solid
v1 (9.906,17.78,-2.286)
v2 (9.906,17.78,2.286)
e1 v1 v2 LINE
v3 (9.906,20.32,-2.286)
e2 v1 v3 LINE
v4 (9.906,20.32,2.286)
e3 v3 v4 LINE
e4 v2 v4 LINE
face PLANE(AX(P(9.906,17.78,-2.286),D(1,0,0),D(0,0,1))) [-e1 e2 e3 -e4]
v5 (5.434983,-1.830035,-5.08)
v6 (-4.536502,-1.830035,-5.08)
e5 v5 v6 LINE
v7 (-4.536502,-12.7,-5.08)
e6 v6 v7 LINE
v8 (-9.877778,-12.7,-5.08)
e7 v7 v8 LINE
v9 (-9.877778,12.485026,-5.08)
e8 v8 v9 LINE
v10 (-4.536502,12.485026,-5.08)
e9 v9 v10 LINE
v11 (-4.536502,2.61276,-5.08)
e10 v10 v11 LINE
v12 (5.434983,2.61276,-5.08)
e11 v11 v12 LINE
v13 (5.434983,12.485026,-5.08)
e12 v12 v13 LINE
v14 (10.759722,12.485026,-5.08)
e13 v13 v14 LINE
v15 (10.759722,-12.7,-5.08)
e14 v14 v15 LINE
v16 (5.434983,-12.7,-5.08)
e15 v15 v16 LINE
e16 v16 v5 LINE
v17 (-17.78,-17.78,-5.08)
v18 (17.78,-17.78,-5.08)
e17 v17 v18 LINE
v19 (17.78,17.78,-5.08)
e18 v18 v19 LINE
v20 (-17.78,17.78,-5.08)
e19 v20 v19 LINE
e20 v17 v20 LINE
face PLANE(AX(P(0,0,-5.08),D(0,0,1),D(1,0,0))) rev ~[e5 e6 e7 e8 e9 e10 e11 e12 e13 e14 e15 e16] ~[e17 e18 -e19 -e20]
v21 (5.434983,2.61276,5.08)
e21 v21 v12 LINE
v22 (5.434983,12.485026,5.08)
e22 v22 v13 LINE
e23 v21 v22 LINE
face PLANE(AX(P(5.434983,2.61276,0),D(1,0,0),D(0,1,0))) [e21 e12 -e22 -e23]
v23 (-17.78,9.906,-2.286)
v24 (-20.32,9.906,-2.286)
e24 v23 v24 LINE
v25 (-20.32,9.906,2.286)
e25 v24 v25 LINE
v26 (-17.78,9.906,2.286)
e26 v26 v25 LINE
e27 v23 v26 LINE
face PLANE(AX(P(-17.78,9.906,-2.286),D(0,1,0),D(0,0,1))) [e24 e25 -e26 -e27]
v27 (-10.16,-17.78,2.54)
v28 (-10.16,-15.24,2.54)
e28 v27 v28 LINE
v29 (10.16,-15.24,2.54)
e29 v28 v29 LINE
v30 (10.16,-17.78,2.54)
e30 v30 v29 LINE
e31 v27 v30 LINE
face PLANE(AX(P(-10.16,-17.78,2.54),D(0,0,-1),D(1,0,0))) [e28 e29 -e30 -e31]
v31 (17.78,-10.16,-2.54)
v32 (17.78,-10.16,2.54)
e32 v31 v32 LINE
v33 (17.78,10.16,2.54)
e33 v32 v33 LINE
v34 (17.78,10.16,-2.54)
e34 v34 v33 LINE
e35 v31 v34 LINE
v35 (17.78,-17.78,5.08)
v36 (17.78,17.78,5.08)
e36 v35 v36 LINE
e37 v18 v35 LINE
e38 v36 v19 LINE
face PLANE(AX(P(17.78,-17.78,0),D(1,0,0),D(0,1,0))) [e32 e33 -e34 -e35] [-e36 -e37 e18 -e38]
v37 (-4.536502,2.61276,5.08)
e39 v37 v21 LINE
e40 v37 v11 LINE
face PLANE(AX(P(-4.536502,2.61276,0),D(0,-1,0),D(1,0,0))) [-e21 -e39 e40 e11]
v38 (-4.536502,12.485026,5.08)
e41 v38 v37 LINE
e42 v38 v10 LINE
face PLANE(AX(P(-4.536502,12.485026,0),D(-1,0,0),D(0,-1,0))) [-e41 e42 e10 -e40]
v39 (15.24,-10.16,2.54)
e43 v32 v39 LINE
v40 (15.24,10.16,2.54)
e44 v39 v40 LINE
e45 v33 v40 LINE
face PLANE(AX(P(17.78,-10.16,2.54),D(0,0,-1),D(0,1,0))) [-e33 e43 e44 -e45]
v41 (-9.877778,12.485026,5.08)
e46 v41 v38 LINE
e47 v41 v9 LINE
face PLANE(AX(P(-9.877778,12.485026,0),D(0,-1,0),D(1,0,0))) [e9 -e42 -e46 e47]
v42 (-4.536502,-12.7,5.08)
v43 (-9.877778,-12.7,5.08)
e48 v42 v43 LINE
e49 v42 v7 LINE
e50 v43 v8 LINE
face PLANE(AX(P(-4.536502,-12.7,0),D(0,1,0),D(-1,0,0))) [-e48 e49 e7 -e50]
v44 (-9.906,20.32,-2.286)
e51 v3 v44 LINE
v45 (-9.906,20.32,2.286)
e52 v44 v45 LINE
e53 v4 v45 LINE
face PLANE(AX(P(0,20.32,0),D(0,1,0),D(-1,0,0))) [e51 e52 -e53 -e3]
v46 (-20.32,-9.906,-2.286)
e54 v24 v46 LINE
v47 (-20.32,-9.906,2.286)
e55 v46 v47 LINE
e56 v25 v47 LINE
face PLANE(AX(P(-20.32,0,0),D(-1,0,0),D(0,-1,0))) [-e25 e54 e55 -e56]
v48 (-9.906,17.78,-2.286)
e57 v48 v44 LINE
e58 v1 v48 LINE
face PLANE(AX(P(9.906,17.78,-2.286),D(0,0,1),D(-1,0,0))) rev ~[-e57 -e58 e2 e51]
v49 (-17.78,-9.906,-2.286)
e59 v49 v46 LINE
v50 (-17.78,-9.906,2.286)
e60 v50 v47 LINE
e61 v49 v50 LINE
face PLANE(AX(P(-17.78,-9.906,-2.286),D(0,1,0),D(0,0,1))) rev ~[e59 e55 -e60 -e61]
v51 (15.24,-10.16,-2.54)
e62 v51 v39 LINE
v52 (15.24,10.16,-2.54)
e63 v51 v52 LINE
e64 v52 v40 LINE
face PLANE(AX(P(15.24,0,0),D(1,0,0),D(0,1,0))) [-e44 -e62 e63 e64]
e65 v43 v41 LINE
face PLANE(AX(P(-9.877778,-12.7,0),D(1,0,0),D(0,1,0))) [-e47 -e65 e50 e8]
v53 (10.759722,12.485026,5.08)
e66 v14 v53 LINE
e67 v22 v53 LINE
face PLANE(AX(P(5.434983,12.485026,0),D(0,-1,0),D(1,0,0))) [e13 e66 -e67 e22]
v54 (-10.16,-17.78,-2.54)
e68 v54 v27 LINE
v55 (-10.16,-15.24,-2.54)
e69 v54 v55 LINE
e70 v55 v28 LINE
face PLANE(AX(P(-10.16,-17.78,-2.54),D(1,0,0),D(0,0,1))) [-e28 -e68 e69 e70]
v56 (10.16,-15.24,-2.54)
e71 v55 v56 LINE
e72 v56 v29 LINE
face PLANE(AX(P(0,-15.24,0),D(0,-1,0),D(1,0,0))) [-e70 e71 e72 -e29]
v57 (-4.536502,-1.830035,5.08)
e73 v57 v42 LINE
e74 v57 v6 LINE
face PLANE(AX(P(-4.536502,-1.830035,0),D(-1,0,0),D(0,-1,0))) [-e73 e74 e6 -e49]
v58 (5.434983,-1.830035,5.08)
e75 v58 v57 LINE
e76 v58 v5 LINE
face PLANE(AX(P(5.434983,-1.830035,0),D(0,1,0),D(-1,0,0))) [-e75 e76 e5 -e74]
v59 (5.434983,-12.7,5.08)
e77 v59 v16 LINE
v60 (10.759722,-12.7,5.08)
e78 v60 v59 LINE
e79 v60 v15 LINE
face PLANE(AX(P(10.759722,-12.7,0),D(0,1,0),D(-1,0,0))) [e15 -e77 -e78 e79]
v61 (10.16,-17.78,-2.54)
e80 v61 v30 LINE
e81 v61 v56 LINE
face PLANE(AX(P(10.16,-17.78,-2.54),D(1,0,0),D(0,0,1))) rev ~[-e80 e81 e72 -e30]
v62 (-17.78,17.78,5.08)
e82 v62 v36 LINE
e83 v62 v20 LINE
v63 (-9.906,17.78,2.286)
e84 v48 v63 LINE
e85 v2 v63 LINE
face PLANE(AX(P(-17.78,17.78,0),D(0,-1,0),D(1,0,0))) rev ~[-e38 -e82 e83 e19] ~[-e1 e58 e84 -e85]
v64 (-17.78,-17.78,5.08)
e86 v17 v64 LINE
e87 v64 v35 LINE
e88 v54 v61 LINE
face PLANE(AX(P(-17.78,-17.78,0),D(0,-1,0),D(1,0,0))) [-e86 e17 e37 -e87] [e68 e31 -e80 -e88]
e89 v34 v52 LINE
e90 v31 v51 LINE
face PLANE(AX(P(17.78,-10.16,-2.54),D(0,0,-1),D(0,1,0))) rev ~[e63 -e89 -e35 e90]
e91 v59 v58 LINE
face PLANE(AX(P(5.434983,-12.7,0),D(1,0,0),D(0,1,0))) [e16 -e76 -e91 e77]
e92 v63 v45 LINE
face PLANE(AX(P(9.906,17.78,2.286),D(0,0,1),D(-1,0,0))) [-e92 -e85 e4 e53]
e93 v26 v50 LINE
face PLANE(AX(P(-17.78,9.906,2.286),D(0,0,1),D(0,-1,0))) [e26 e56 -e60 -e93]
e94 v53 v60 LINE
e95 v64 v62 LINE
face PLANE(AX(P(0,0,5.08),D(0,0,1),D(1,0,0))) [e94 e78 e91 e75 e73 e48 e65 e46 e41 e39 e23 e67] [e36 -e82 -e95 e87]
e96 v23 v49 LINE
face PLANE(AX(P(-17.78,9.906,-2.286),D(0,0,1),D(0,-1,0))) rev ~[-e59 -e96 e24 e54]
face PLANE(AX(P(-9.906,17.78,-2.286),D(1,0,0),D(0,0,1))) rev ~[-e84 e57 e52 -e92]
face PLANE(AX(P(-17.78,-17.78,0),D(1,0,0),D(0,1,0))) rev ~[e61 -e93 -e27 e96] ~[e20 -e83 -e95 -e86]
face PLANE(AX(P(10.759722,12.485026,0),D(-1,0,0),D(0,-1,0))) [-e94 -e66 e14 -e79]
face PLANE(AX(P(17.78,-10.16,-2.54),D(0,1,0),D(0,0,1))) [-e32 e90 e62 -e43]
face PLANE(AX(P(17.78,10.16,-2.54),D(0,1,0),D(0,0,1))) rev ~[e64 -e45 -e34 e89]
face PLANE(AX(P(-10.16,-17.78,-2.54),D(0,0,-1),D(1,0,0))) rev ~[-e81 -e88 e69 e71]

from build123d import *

# Parameters (mm, degrees)
F0_W     = 35.56
F0_H     = 35.56
F1_DEPTH = 5.08
F2_W     = 19.812
F2_H     = 4.572
F3_DEPTH = 2.54
F4_W     = 19.812
F4_H     = 4.572
F5_DEPTH = 2.54
F6_W     = 20.32
F6_H     = 5.08
F7_DEPTH = 2.54
F8_W     = 20.32
F8_H     = 5.08
F9_DEPTH = 2.54


with BuildPart() as f1:
    # F0 (on Top) → F1 (new body, symmetric)
    with BuildSketch(Plane.XY):
        Rectangle(F0_W, F0_H)
        Polygon((10.7597222222, 12.4850260417), (10.7597222222, -12.7), (5.4349826389, -12.7), (5.4349826389, -1.8300347222), (-4.5365017361, -1.8300347222), (-4.5365017361, -12.7), (-9.8777777778, -12.7), (-9.8777777778, 12.4850260417), (-4.5365017361, 12.4850260417), (-4.5365017361, 2.6127604167), (5.4349826389, 2.6127604167), (5.4349826389, 12.4850260417), align=None, mode=Mode.SUBTRACT)
    extrude(amount=F1_DEPTH, both=True)

    # F2 (on face) → F3 (join)
    with BuildSketch(Plane(origin=(0, 17.78, 0), x_dir=(-1, 0, 0), z_dir=(0, 1, 0))):
        Rectangle(F2_W, F2_H)
    extrude(amount=F3_DEPTH)

    # F4 (on face) → F5 (join)
    with BuildSketch(Plane(origin=(-17.78, 0, 0), x_dir=(0, -1, 0), z_dir=(-1, 0, 0))):
        Rectangle(F4_W, F4_H)
    extrude(amount=F5_DEPTH)

    # F6 (on face) → F7 (cut)
    with BuildSketch(Plane.XZ.offset(17.78)):
        Rectangle(F6_W, F6_H)
    extrude(amount=-F7_DEPTH, mode=Mode.SUBTRACT)

    # F8 (on face) → F9 (cut)
    with BuildSketch(Plane.YZ.offset(17.78)):
        Rectangle(F8_W, F8_H)
    extrude(amount=-F9_DEPTH, mode=Mode.SUBTRACT)


solid = f1.part
